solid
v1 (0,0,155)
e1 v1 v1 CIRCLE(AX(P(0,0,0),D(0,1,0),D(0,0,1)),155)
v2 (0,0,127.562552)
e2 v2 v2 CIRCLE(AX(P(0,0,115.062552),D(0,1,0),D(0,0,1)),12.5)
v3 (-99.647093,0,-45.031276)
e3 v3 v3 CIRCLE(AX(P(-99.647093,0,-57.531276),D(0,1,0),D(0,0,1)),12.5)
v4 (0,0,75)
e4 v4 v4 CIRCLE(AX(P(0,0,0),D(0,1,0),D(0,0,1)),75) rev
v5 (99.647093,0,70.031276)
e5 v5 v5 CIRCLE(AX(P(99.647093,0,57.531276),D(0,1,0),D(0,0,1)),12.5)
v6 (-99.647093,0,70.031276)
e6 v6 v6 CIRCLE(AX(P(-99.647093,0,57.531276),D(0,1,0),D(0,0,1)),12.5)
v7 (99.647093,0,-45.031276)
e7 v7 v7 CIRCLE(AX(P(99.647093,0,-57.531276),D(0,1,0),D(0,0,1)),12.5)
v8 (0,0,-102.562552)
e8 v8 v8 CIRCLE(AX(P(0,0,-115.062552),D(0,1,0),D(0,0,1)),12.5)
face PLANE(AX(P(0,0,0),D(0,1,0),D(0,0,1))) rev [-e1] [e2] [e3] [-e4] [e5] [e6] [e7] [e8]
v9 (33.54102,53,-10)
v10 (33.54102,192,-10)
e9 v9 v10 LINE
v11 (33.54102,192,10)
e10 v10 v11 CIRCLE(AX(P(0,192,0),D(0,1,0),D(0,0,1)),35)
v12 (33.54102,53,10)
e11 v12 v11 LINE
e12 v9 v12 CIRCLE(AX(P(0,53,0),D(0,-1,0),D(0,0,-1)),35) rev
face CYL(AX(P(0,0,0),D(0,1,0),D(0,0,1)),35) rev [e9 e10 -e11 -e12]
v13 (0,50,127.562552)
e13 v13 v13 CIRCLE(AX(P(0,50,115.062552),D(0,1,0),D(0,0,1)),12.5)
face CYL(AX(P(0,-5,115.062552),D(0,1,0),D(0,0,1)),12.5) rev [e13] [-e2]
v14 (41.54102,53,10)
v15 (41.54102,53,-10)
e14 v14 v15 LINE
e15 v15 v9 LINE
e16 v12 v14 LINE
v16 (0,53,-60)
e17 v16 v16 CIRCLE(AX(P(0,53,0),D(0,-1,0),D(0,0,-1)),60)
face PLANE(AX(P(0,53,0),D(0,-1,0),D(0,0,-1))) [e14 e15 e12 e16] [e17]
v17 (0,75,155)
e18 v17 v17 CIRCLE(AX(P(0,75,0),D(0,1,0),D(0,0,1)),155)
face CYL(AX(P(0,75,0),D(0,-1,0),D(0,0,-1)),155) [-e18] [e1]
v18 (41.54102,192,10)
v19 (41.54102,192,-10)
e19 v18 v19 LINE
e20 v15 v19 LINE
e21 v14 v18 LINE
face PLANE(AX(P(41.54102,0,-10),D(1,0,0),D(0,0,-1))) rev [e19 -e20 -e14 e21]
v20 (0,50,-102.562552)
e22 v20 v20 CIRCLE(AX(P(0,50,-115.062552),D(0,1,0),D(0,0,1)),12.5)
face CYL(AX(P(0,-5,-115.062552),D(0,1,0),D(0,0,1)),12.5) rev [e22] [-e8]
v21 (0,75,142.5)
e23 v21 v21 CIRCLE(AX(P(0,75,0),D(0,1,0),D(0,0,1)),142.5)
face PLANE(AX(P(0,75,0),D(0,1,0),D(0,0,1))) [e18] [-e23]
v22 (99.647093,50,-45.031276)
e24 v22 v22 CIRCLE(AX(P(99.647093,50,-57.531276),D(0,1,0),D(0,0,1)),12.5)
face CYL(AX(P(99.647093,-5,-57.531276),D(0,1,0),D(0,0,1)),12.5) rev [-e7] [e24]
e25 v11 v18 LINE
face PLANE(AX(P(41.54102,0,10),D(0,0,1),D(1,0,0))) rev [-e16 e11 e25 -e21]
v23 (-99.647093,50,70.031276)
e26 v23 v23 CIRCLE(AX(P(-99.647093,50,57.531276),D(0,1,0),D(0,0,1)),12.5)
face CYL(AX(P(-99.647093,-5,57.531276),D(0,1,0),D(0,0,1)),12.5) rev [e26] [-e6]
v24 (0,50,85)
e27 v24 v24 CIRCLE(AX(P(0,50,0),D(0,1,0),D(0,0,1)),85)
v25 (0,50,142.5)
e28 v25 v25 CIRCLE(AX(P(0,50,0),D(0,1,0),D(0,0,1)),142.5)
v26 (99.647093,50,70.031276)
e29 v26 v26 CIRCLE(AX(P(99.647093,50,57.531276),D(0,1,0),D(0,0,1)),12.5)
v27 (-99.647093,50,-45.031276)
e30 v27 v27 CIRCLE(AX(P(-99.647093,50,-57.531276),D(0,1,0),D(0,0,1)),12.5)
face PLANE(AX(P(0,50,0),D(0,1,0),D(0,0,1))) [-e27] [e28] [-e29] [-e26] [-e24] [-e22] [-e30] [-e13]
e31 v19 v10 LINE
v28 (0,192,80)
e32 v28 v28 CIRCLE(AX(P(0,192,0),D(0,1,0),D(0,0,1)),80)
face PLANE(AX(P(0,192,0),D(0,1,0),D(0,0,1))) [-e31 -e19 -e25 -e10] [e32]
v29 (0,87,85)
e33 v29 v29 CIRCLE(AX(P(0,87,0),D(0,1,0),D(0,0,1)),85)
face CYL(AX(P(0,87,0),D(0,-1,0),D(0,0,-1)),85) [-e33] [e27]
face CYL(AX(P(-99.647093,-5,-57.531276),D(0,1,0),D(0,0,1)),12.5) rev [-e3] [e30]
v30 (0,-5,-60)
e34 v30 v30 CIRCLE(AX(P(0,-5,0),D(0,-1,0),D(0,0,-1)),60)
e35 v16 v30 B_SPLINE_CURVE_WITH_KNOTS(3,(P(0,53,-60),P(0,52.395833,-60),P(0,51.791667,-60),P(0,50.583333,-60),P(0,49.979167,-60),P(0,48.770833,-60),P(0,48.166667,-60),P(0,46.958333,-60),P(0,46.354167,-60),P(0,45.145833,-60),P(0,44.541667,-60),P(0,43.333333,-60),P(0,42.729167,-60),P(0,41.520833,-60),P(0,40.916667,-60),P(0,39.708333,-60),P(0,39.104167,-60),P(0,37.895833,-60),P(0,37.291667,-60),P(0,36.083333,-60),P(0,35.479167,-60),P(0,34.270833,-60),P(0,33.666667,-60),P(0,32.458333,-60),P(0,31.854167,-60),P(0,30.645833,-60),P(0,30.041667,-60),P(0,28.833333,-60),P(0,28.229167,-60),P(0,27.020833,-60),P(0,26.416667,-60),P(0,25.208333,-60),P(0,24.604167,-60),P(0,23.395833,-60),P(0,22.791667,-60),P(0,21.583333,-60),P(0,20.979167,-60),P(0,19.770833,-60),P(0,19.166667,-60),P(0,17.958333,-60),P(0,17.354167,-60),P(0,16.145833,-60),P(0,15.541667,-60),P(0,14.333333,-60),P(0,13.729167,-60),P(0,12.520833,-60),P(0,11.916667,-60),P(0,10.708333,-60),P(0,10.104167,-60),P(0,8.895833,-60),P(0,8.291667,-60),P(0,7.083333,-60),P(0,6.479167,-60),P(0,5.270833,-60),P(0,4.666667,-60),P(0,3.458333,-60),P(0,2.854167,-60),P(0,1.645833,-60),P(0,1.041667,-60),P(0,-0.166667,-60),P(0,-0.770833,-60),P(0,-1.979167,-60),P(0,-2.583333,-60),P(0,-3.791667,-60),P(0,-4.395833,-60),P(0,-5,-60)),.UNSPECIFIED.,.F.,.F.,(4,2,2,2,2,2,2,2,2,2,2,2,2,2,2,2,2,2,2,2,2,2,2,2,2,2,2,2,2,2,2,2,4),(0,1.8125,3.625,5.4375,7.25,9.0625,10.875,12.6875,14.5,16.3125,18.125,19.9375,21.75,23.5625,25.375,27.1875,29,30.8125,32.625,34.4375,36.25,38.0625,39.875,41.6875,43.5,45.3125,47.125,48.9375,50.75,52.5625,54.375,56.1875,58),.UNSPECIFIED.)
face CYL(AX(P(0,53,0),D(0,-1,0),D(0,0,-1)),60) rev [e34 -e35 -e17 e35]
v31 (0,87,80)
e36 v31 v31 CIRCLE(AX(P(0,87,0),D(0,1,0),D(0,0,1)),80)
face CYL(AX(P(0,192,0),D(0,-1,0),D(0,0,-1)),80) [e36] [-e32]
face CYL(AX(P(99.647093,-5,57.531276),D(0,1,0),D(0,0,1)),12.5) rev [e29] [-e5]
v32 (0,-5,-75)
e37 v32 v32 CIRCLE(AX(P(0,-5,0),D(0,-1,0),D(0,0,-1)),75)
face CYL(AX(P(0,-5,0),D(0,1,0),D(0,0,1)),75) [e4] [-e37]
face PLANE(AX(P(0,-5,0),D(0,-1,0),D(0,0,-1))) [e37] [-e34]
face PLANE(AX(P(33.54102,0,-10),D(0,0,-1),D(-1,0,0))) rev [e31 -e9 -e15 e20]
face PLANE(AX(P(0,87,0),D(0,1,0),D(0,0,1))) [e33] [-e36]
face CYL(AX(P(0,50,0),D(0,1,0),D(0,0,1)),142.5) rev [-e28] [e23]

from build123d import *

# Parameters (mm, degrees)
SKETCH1_R               = 155
BOSS_EXTRUDE1_DEPTH     = 75
SKETCH2_R               = 142.5
CUT_EXTRUDE1_DEPTH      = 25
SKETCH3_R               = 85
BOSS_EXTRUDE2_DEPTH     = 37
SKETCH4_R               = 80
BOSS_EXTRUDE3_DEPTH     = 105
CUT_EXTRUDE2_DEPTH      = 292.400068634
CUT_EXTRUDE2_DEPTH_BACK = 292.400068634
SKETCH6_R               = 75
BOSS_EXTRUDE4_DEPTH     = 5
SKETCH7_R               = 60
CUT_EXTRUDE3_DEPTH      = 58
SKETCH8_R               = 12.5
CUT_EXTRUDE4_DEPTH      = 262.178100154


with BuildPart() as part:
    # Sketch1 → Boss-Extrude1 (new body)
    with BuildSketch(Plane(origin=(0, 0, 0), x_dir=(1, 0, 0), z_dir=(0, 1, 0))):
        with Locations(Location((0, 0, 0), (0, 0, 270))):
            Circle(SKETCH1_R)
    extrude(amount=BOSS_EXTRUDE1_DEPTH)

    # Sketch2 → Cut-Extrude1 (cut)
    with BuildSketch(Plane(origin=(0, 75, 0), x_dir=(1, 0, 0), z_dir=(0, 1, 0))):
        with Locations(Location((0, 0, 0), (0, 0, 270))):
            Circle(SKETCH2_R)
    extrude(amount=-CUT_EXTRUDE1_DEPTH, mode=Mode.SUBTRACT)

    # Sketch3 → Boss-Extrude2 (add)
    with BuildSketch(Plane(origin=(0, 50, 0), x_dir=(1, 0, 0), z_dir=(0, 1, 0))):
        with Locations(Location((0, 0, 0), (0, 0, 270))):
            Circle(SKETCH3_R)
    extrude(amount=BOSS_EXTRUDE2_DEPTH)

    # Sketch4 → Boss-Extrude3 (add)
    with BuildSketch(Plane(origin=(0, 87, 0), x_dir=(1, 0, 0), z_dir=(0, 1, 0))):
        with Locations(Location((0, 0, 0), (0, 0, 270))):
            Circle(SKETCH4_R)
    extrude(amount=BOSS_EXTRUDE3_DEPTH)

    # Sketch5 → Cut-Extrude2 (cut, two sides: drawn at the far end of the back side and taken through both)
    with BuildSketch(Plane(origin=(0, 192, 0), x_dir=(1, 0, 0), z_dir=(0, 1, 0)).offset(-CUT_EXTRUDE2_DEPTH_BACK)):
        with BuildLine():
            Line((33.541019662, 10), (41.541019662, 10))
            Line((41.541019662, 10), (41.541019662, -10))
            Line((41.541019662, -10), (33.541019662, -10))
            ThreePointArc((33.541019662, -10), (-35, 0), (33.541019662, 10))
        make_face()
    extrude(amount=CUT_EXTRUDE2_DEPTH + CUT_EXTRUDE2_DEPTH_BACK, mode=Mode.SUBTRACT)

    # Sketch6 → Boss-Extrude4 (add)
    with BuildSketch(Plane.XZ):
        with Locations(Location((0, 0, 0), (0, 0, 90))):
            Circle(SKETCH6_R)
    extrude(amount=BOSS_EXTRUDE4_DEPTH)

    # Sketch7 → Cut-Extrude3 (cut)
    with BuildSketch(Plane.XZ.offset(5)):
        with Locations(Location((0, 0, 0), (0, 0, 270))):
            Circle(SKETCH7_R)
    extrude(amount=-CUT_EXTRUDE3_DEPTH, mode=Mode.SUBTRACT)

    # Sketch8 → Cut-Extrude4 (cut, through all)
    with BuildSketch(Plane(origin=(0, 50, 0), x_dir=(1, 0, 0), z_dir=(0, 1, 0))):
        with Locations(Location((0, 115.062551677, 0), (0, 0, 270))):
            Circle(SKETCH8_R)
        with Locations(Location((99.647092776, 57.531275838, 0), (0, 0, 270))):
            Circle(SKETCH8_R)
        with Locations(Location((99.647092776, -57.531275838, 0), (0, 0, 270))):
            Circle(SKETCH8_R)
        with Locations(Location((0, -115.062551677, 0), (0, 0, 270))):
            Circle(SKETCH8_R)
        with Locations(Location((-99.647092776, -57.531275838, 0), (0, 0, 270))):
            Circle(SKETCH8_R)
        with Locations(Location((-99.647092776, 57.531275838, 0), (0, 0, 270))):
            Circle(SKETCH8_R)
    extrude(amount=-CUT_EXTRUDE4_DEPTH, mode=Mode.SUBTRACT)


solid = part.part
